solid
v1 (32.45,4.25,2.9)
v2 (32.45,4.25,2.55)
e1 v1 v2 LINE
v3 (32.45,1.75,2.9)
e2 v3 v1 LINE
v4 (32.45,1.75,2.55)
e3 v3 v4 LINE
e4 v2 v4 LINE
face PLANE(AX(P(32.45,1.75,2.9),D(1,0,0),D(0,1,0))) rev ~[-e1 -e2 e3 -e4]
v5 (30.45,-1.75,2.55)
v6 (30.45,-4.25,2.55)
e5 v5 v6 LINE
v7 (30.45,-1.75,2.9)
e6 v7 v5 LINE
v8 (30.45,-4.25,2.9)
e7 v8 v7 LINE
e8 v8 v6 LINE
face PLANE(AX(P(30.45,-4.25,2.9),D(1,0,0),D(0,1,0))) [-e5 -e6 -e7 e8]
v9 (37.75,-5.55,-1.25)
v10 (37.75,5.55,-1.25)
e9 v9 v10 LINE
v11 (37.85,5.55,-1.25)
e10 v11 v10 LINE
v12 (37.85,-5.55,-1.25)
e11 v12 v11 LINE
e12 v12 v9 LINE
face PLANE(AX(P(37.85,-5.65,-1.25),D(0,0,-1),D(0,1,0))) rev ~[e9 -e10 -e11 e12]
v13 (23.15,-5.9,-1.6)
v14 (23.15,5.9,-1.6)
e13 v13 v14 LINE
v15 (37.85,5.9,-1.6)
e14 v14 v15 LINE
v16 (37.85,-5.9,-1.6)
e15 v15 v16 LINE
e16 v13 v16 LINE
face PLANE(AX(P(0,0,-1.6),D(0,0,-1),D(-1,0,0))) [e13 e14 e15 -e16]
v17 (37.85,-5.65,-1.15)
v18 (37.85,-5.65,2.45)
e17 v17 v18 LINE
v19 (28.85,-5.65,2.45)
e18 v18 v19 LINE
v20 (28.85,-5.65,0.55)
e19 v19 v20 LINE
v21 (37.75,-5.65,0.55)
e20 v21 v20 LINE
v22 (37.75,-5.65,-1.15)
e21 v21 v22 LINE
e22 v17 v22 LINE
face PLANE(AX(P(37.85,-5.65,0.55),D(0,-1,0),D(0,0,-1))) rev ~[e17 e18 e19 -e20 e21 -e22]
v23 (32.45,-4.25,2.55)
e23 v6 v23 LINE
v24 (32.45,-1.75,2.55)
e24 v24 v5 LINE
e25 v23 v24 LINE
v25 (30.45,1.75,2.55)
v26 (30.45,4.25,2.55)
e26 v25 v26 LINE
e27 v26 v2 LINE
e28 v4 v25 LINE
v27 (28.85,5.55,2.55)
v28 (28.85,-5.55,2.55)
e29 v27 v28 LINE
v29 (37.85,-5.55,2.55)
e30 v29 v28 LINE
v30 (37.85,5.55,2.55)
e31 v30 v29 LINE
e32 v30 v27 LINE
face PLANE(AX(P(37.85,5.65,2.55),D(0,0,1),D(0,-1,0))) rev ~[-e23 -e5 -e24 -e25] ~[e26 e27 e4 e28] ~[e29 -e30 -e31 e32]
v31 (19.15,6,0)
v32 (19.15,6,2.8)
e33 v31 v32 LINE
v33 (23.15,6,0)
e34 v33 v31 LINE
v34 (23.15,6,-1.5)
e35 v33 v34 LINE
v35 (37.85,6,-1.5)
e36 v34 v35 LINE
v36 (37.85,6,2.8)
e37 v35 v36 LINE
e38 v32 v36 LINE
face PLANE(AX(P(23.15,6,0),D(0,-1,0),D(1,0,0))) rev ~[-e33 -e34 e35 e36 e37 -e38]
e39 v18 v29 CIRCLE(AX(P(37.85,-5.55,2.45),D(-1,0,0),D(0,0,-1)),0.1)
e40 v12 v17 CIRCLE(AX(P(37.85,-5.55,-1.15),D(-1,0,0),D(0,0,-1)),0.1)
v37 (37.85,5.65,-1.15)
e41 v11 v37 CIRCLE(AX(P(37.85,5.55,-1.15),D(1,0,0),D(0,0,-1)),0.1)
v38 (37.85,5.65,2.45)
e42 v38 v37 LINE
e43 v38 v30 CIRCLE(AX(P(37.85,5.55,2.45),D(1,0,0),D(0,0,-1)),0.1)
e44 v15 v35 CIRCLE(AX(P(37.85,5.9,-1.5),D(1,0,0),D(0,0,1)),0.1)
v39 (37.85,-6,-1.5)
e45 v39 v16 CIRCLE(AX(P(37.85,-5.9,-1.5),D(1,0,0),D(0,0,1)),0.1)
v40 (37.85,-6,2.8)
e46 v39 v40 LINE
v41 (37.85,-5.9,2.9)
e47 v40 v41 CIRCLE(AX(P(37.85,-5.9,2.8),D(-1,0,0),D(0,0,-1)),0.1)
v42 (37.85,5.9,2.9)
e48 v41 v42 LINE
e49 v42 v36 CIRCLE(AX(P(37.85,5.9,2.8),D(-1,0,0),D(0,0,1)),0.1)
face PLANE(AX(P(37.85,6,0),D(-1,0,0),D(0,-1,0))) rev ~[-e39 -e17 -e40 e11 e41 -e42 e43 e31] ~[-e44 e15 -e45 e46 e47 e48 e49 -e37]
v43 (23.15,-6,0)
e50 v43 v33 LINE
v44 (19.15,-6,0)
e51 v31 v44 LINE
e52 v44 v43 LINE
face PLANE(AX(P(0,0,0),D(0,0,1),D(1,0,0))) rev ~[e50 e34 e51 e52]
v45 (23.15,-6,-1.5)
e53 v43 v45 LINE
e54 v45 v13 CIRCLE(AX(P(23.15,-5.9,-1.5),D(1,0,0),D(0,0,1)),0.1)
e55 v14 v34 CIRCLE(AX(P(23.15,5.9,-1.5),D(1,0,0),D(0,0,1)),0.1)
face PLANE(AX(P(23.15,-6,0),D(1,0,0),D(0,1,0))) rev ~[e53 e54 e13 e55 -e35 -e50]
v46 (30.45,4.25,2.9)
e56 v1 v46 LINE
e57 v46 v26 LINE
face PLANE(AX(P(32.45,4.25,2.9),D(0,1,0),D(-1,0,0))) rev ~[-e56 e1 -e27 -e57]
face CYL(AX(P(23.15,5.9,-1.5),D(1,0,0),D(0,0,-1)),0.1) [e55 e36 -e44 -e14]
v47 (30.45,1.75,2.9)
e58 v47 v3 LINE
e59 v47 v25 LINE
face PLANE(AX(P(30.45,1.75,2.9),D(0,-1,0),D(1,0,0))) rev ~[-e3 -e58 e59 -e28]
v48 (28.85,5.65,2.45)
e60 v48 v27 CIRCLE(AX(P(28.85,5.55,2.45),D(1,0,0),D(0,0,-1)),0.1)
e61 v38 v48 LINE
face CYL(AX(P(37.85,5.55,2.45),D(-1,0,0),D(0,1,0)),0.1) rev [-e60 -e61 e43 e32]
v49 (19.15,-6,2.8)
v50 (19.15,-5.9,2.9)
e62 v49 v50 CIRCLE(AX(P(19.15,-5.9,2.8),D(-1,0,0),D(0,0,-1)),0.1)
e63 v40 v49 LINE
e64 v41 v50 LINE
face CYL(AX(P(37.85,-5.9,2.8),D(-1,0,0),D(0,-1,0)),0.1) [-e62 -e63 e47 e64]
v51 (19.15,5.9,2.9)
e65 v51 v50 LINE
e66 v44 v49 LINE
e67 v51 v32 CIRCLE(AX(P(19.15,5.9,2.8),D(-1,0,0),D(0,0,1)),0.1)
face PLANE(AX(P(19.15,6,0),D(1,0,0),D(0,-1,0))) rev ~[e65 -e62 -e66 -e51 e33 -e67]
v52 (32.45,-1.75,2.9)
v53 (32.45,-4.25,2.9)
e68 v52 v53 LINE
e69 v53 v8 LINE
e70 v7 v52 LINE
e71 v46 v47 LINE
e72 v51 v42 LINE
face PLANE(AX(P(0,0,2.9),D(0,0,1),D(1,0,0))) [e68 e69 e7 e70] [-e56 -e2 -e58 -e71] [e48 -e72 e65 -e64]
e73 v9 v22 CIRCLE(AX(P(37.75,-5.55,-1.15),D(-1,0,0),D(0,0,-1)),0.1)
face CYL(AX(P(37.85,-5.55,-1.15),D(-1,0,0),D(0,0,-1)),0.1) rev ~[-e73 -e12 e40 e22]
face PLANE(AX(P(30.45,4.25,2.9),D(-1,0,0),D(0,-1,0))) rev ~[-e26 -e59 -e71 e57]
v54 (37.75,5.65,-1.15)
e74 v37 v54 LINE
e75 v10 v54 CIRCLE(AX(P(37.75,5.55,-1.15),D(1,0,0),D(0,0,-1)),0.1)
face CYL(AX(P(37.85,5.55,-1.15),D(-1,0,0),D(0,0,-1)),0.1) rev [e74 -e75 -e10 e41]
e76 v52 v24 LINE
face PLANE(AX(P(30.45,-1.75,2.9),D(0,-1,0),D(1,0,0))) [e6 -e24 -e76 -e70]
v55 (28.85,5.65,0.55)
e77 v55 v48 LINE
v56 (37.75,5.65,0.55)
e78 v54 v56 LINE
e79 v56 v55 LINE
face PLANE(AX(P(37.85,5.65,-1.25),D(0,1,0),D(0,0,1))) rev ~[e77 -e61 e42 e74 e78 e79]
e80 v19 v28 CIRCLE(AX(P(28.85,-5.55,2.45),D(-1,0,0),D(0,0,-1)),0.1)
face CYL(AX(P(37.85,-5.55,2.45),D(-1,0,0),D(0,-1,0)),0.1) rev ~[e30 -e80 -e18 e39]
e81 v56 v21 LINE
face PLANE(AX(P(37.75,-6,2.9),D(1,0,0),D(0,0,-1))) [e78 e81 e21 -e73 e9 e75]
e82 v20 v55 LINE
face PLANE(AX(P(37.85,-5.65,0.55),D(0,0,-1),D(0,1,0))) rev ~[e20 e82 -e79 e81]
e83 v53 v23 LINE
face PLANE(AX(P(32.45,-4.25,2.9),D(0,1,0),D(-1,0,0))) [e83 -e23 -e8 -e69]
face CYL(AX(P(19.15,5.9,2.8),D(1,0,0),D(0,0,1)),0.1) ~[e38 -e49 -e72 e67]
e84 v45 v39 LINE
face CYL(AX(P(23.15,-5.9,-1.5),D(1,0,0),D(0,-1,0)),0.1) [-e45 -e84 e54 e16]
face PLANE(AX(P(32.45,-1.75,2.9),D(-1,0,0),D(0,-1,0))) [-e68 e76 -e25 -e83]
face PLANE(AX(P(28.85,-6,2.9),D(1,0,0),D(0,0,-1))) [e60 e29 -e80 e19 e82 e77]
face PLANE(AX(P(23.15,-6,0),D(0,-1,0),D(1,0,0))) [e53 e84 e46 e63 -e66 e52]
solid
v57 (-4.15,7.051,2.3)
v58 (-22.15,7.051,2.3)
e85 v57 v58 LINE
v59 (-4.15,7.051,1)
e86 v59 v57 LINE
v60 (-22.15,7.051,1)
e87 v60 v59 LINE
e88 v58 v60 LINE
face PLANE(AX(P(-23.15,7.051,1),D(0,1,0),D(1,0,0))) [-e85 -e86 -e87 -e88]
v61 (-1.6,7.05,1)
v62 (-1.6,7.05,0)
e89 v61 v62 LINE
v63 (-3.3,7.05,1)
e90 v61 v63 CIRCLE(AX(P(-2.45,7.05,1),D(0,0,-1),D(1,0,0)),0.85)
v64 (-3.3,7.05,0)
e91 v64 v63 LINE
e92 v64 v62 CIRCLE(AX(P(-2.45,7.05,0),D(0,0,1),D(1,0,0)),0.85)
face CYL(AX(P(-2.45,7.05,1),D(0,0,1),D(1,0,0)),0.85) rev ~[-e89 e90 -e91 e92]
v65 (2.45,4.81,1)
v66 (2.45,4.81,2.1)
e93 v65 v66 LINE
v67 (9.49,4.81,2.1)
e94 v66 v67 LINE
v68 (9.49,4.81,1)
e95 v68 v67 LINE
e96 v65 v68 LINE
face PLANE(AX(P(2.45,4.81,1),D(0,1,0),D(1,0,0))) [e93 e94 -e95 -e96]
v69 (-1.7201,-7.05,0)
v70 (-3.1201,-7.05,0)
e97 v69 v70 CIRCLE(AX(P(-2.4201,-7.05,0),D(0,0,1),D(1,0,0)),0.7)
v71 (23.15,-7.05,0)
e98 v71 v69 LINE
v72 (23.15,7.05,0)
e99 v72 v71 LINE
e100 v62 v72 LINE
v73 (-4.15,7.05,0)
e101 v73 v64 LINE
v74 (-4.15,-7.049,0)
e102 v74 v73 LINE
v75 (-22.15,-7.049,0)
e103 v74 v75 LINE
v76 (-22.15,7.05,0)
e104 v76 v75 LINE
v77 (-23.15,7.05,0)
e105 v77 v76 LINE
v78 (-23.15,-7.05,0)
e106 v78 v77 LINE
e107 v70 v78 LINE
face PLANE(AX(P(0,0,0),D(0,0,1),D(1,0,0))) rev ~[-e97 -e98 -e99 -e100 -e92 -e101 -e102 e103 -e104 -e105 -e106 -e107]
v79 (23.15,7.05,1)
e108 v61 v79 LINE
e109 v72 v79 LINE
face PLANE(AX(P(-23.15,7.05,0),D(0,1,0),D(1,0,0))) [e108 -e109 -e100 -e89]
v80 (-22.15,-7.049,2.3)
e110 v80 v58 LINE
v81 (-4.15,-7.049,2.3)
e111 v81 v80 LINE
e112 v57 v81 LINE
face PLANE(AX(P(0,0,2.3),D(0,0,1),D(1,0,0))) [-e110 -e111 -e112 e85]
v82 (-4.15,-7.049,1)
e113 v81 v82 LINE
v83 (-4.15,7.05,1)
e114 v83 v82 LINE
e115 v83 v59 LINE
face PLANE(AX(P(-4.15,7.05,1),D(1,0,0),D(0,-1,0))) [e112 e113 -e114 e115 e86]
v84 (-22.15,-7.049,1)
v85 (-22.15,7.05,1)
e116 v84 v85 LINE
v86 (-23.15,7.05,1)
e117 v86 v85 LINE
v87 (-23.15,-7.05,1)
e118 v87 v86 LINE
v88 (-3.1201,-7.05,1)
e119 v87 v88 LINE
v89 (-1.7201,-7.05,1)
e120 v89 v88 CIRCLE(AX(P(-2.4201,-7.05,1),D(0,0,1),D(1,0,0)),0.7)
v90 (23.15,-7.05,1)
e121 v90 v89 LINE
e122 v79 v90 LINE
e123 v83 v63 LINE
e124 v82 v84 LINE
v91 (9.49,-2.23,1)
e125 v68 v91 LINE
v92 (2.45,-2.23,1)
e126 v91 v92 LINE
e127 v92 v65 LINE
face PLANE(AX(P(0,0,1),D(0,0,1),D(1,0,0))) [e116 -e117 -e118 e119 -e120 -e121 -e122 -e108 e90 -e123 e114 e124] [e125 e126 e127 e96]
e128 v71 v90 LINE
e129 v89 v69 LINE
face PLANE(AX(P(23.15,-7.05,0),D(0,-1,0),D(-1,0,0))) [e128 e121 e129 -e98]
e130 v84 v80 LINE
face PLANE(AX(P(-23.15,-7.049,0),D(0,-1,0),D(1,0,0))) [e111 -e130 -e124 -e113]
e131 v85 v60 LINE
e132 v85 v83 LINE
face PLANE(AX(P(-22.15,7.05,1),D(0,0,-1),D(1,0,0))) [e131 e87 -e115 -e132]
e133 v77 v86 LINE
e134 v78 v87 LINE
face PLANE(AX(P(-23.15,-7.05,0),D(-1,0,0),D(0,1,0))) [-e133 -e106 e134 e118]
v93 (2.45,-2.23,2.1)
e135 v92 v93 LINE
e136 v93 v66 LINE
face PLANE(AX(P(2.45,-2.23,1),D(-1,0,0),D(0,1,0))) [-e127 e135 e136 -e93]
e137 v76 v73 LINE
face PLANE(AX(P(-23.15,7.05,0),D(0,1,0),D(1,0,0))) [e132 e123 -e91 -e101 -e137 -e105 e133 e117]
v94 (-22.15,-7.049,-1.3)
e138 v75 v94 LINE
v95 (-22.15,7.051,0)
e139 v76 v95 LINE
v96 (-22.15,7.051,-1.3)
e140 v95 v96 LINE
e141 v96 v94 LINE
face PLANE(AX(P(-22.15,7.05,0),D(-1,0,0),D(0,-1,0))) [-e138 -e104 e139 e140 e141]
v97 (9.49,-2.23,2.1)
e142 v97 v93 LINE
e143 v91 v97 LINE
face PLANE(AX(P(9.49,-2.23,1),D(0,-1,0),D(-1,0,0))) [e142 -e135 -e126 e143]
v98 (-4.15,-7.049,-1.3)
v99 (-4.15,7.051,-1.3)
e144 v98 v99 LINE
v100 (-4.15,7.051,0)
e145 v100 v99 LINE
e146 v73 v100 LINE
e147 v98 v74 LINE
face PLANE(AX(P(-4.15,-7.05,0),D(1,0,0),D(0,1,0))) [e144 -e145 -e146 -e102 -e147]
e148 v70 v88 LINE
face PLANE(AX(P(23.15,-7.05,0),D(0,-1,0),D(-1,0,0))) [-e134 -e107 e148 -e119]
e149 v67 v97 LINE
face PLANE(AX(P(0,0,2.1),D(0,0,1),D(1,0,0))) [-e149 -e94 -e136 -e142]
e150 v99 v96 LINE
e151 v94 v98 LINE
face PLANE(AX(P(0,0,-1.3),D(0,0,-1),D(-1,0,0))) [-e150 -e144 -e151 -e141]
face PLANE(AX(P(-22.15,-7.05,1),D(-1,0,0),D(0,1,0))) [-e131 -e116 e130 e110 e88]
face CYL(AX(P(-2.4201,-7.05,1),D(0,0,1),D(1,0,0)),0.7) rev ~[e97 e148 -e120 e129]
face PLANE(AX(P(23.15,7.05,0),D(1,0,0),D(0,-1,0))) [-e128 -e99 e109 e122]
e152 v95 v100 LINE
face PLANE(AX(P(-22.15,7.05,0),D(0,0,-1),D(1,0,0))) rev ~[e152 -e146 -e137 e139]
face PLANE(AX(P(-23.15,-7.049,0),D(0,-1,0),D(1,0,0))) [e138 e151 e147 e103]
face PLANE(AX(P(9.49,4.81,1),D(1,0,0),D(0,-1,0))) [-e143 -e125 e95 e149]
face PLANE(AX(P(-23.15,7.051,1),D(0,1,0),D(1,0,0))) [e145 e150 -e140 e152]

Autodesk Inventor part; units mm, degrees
ref_plane "YZ Plane" through (0, 0, 0) normal (1, 0, 0) x (0, 1, 0)
ref_plane "XZ Plane" through (0, 0, 0) normal (0, 1, 0) x (-1, 0, 0)
ref_plane "XY Plane" through (0, 0, 0) normal (0, 0, 1) x (1, 0, 0)
sketch "Skizze1" plane through (0, 0, 0) normal (0, 0, 1) x (1, 0, 0)
  line L0 (-23.15, 7.05) -> (23.15, 7.05)
  line L1 (23.15, 7.05) -> (23.15, -7.05)
  line L2 (23.15, -7.05) -> (-23.15, -7.05)
  line L3 (-23.15, -7.05) -> (-23.15, 7.05)
  line L4 (-23.15, 7.05) -> (23.15, -7.05) construction
  point P0 (0, 0)
  point P1 (0, 0)
  dimension "d0" = 46.3
  dimension "d1" = 14.1
extrude "Extrusion1" add sketch "Skizze1" along normal blind 1
sketch "Skizze3" plane through (0, 0, 0) normal (0, 0, 1) x (1, 0, 0)
  line L0 (37.85, 6) -> (19.15, 6)
  line L1 (19.15, 6) -> (19.15, -6)
  line L2 (19.15, -6) -> (37.85, -6)
  line L3 (37.85, -6) -> (37.85, 6)
  line L4 (23.15, -7.05) -> (23.15, 7.05) projected
  line L5 (23.15, 0) -> (19.15, 0) construction
  point P0 (0, 0)
  dimension "d8" = 18.7
  dimension "d9" = 12
extrude "Extrusion2" add sketch "Skizze3" along normal blind 2.9 separate body
sketch "Skizze4" plane through (0, 0, 0) normal (0, 0, -1) x (-1, 0, 0)
  line L0 (-19.15, -6) -> (-37.85, -6) projected
  line L1 (-23.15, -7.05) -> (-23.15, 7.05) projected
  line L2 (-37.85, -6) -> (-23.15, -6)
  line L3 (-23.15, -6) -> (-23.15, 6)
  line L4 (-23.15, 6) -> (-37.85, 6)
  line L5 (-37.85, 6) -> (-37.85, -6)
  point P0 (0, 0)
  dimension "d16" = 12
extrude "Extrusion3" add sketch "Skizze4" along normal blind 1.6 bodies 2
sketch "Skizze5" plane through (0, 0, 1) normal (0, 0, 1) x (1, 0, 0)
  line L0 (-23.15, 7.05) -> (-23.15, -7.05) construction
  line L1 (23.15, 7.05) -> (-23.15, 7.05) construction
  line L2 (-22.15, 7.05) -> (-4.15, 7.05)
  line L3 (-4.15, 7.05) -> (-4.15, -7.05)
  line L4 (-4.15, -7.05) -> (-22.15, -7.05)
  line L5 (-22.15, -7.05) -> (-22.15, 7.05)
  point P0 (0, 0)
  dimension "d20" = 18
  dimension "d21" = 14.1
extrude "Extrusion4" add sketch "Skizze5" along normal blind 1.3 bodies 1
sketch "Skizze6" plane through (0, 0, 0) normal (0, 0, -1) x (-1, 0, 0)
  line L0 (23.15, 7.05) -> (23.15, -7.05) construction
  line L1 (23.15, 0) -> (22.15, 0) construction
  line L2 (22.15, 7.05) -> (22.15, -7.05) projected
  line L3 (22.15, -7.05) -> (4.15, -7.05)
  line L4 (4.15, -7.05) -> (4.15, 7.05)
  line L5 (4.15, 7.05) -> (22.15, 7.05)
  line L6 (22.15, 7.05) -> (22.15, -7.05)
  point P0 (0, 0)
  dimension "d24" = 1
  dimension "d25" = 18
  dimension "d26" = 14.1
extrude "Extrusion5" add sketch "Skizze6" along normal blind 1.3 bodies 1
sketch "Skizze8" plane through (37.85, -6, 2.9) normal (1, 0, 0) x (0, 0, -1)
  line L0 (4.5, 12) -> (4.5, 0) projected
  line L1 (0, 0) -> (0, 12) projected
  line L2 (0.35, 0.35) -> (2.35, 0.35)
  line L3 (2.35, 0.35) -> (2.35, 11.65)
  line L4 (2.35, 11.65) -> (0.35, 11.65)
  line L5 (0.35, 11.65) -> (0.35, 0.35)
  line L6 (0, 12) -> (0, 0) construction
  line L7 (0, 6) -> (0.35, 6) construction
  dimension "d42" = 2
  dimension "d43" = 11.3
  dimension "d44" = 0.35
extrude "Extrusion6" cut sketch "Skizze8" against normal blind 9 bodies 2
sketch "Skizze9" plane through (37.85, -6, 2.9) normal (1, 0, 0) x (0, 0, -1)
  line L0 (0, 0) -> (0, 12) projected
  line L1 (4.5, 12) -> (4.5, 0) projected
  line L2 (2.35, 11.65) -> (2.35, 0.35) projected
  line L3 (2.35, 0.35) -> (4.15, 0.35)
  line L4 (4.15, 0.35) -> (4.15, 11.65)
  line L5 (4.15, 11.65) -> (2.35, 11.65)
  line L6 (2.35, 11.65) -> (2.35, 0.35)
  point P0 (2.9, 6)
extrude "Extrusion7" cut sketch "Skizze9" against normal blind 0.1 bodies 2
sketch "Skizze15" plane through (0, 0, 1) normal (0, 0, 1) x (1, 0, 0)
  line L0 (-4.1196, -7.0919) -> (-2.4201, -7.05) construction
  line L1 (-4.15, -7.05) -> (23.15, -7.05) construction
  circle A0 centre (-2.4201, -7.05) radius 0.7
  point P0 (0, 0)
  dimension "d81" = 1.7
  dimension "d82" = 1.4
extrude "Extrusion8" cut sketch "Skizze15" against normal blind 1 bodies 1
sketch "Skizze17" plane through (0, 0, 1) normal (0, 0, 1) x (1, 0, 0)
  line L0 (-4.15, 7.05) -> (-22.15, 7.05) projected
  line L1 (-4.15, 7.05) -> (-2.45, 7.05)
  line L2 (23.15, 7.05) -> (-4.15, 7.05) projected
  circle A0 centre (-2.45, 7.05) radius 0.85
  point P0 (0, 0)
  dimension "d87" = 1.7
  dimension "d88" = 1.7
extrude "Extrusion9" cut sketch "Skizze17" against normal blind 1 bodies 1
sketch "Skizze19" plane through (0, 0, 2.9) normal (0, 0, 1) x (1, 0, 0)
  line L0 (37.85, -6) -> (37.85, 6) projected
  line L1 (32.45, -4.25) -> (30.45, -4.25)
  line L2 (30.45, -4.25) -> (30.45, -1.75)
  line L3 (30.45, -1.75) -> (32.45, -1.75)
  line L4 (32.45, -1.75) -> (32.45, -4.25)
  point P0 (0, 0)
  point P1 (32.45, 4.25)
  dimension "d101" = 2
  dimension "d102" = 2.5
extrude "Extrusion10" cut sketch "Skizze19" against normal up to next bodies 2
sketch "Skizze20" plane through (0, 0, 2.9) normal (0, 0, 1) x (1, 0, 0)
  line L0 (37.85, 5.65) -> (37.85, -5.65) projected
  line L1 (37.85, 0) -> (32.45, 0)
  line L2 (32.45, 0) -> (32.45, 4.25)
  line L3 (32.45, 4.25) -> (30.45, 4.25)
  line L4 (30.45, 4.25) -> (30.45, 1.75)
  line L5 (30.45, 1.75) -> (32.45, 1.75)
  line L6 (32.45, 1.75) -> (32.45, 4.25)
  point P0 (0, 0)
  dimension "d107" = 5.4
  dimension "d108" = 4.25
  dimension "d109" = 2
  dimension "d110" = 2.5
extrude "Extrusion11" cut sketch "Skizze20" against normal up to next bodies 2
fillet "Rundung1" radius 0.1 2 edges at (28.5, -6, 2.9) (28.5, 6, 2.9)
fillet "Rundung3" radius 0.1 1 edges at (30.5, -6, -1.6)
fillet "Rundung4" radius 0.1 1 edges at (30.5, 6, -1.6)
fillet "Rundung5" radius 0.1 1 edges at (37.8, -5.65, -1.25)
fillet "Rundung6" radius 0.1 1 edges at (33.35, -5.65, 2.55)
fillet "Rundung7" radius 0.1 1 edges at (37.8, 5.65, -1.25)
fillet "Rundung8" radius 0.1 1 edges at (33.35, 5.65, 2.55)
sketch "Skizze21" plane through (0, 0, 1) normal (0, 0, 1) x (1, 0, 0)
  line L0 (2.45, 4.81) -> (9.49, 4.81)
  line L1 (9.49, 4.81) -> (9.49, -2.23)
  line L2 (9.49, -2.23) -> (2.45, -2.23)
  line L3 (2.45, -2.23) -> (2.45, 4.81)
  line L4 (19.15, 5.9) -> (19.15, -5.9) construction
  line L5 (-4.15, -7.05) -> (-4.15, 7.05) construction
  line L6 (-4.15, 7.05) -> (2.45, 7.05) construction
  line L7 (2.45, 7.05) -> (2.45, 4.81) construction
  line L8 (2.45, 4.81) -> (-4.15, 4.81) construction
  line L9 (-4.15, 4.81) -> (-4.15, 7.05) construction
  point P0 (0, 0)
  dimension "d121" = 7.04
  dimension "d122" = 7.04
  dimension "d125" = 6.6
  dimension "d126" = 2.24
extrude "Extrusion12" add sketch "Skizze21" along normal blind 1.1 bodies 1
sketch "Skizze22" plane through (-23.15, -7.05, 0) normal (0, -1, 0) x (1, 0, 0)
  line L0 (19, 2.3) -> (1, 2.3) projected
  line L1 (19, 1) -> (20.0299, 1) projected
  line L2 (1, 2.3) -> (19, 2.3)
  line L3 (19, 2.3) -> (19, 1)
  line L4 (19, 1) -> (1, 1)
  line L5 (1, 1) -> (1, 2.3)
  line L6 (1, -1.3) -> (19, -1.3) projected
  line L7 (19, 0) -> (1, 0)
  line L8 (1, 0) -> (1, -1.3)
  line L9 (1, -1.3) -> (19, -1.3)
  line L10 (19, -1.3) -> (19, 0)
  point P0 (23.15, 0)
extrude "Extrusion13" cut sketch "Skizze22" against normal blind 0.001 bodies 1
sketch "Skizze23" plane through (-23.15, 7.05, 1) normal (0, 1, 0) x (1, 0, 0)
  line L0 (19, 0) -> (19, -1.3) projected
  line L1 (19, -1.3) -> (1, -1.3)
  line L2 (1, -1.3) -> (1, 0)
  line L3 (1, 0) -> (19, 0)
  line L4 (19, 0) -> (19, -1.3)
  line L5 (1, 1) -> (1, 2.3) projected
  line L6 (19, 1) -> (19, 2.3) projected
  line L7 (1, 1) -> (19, 1)
  line L8 (19, 1) -> (19, 2.3)
  line L9 (19, 2.3) -> (1, 2.3)
  line L10 (1, 2.3) -> (1, 1)
  point P0 (23.15, 1)
extrude "Extrusion14" add sketch "Skizze23" along normal blind 0.001 bodies 1
properties part number "USB stick"
